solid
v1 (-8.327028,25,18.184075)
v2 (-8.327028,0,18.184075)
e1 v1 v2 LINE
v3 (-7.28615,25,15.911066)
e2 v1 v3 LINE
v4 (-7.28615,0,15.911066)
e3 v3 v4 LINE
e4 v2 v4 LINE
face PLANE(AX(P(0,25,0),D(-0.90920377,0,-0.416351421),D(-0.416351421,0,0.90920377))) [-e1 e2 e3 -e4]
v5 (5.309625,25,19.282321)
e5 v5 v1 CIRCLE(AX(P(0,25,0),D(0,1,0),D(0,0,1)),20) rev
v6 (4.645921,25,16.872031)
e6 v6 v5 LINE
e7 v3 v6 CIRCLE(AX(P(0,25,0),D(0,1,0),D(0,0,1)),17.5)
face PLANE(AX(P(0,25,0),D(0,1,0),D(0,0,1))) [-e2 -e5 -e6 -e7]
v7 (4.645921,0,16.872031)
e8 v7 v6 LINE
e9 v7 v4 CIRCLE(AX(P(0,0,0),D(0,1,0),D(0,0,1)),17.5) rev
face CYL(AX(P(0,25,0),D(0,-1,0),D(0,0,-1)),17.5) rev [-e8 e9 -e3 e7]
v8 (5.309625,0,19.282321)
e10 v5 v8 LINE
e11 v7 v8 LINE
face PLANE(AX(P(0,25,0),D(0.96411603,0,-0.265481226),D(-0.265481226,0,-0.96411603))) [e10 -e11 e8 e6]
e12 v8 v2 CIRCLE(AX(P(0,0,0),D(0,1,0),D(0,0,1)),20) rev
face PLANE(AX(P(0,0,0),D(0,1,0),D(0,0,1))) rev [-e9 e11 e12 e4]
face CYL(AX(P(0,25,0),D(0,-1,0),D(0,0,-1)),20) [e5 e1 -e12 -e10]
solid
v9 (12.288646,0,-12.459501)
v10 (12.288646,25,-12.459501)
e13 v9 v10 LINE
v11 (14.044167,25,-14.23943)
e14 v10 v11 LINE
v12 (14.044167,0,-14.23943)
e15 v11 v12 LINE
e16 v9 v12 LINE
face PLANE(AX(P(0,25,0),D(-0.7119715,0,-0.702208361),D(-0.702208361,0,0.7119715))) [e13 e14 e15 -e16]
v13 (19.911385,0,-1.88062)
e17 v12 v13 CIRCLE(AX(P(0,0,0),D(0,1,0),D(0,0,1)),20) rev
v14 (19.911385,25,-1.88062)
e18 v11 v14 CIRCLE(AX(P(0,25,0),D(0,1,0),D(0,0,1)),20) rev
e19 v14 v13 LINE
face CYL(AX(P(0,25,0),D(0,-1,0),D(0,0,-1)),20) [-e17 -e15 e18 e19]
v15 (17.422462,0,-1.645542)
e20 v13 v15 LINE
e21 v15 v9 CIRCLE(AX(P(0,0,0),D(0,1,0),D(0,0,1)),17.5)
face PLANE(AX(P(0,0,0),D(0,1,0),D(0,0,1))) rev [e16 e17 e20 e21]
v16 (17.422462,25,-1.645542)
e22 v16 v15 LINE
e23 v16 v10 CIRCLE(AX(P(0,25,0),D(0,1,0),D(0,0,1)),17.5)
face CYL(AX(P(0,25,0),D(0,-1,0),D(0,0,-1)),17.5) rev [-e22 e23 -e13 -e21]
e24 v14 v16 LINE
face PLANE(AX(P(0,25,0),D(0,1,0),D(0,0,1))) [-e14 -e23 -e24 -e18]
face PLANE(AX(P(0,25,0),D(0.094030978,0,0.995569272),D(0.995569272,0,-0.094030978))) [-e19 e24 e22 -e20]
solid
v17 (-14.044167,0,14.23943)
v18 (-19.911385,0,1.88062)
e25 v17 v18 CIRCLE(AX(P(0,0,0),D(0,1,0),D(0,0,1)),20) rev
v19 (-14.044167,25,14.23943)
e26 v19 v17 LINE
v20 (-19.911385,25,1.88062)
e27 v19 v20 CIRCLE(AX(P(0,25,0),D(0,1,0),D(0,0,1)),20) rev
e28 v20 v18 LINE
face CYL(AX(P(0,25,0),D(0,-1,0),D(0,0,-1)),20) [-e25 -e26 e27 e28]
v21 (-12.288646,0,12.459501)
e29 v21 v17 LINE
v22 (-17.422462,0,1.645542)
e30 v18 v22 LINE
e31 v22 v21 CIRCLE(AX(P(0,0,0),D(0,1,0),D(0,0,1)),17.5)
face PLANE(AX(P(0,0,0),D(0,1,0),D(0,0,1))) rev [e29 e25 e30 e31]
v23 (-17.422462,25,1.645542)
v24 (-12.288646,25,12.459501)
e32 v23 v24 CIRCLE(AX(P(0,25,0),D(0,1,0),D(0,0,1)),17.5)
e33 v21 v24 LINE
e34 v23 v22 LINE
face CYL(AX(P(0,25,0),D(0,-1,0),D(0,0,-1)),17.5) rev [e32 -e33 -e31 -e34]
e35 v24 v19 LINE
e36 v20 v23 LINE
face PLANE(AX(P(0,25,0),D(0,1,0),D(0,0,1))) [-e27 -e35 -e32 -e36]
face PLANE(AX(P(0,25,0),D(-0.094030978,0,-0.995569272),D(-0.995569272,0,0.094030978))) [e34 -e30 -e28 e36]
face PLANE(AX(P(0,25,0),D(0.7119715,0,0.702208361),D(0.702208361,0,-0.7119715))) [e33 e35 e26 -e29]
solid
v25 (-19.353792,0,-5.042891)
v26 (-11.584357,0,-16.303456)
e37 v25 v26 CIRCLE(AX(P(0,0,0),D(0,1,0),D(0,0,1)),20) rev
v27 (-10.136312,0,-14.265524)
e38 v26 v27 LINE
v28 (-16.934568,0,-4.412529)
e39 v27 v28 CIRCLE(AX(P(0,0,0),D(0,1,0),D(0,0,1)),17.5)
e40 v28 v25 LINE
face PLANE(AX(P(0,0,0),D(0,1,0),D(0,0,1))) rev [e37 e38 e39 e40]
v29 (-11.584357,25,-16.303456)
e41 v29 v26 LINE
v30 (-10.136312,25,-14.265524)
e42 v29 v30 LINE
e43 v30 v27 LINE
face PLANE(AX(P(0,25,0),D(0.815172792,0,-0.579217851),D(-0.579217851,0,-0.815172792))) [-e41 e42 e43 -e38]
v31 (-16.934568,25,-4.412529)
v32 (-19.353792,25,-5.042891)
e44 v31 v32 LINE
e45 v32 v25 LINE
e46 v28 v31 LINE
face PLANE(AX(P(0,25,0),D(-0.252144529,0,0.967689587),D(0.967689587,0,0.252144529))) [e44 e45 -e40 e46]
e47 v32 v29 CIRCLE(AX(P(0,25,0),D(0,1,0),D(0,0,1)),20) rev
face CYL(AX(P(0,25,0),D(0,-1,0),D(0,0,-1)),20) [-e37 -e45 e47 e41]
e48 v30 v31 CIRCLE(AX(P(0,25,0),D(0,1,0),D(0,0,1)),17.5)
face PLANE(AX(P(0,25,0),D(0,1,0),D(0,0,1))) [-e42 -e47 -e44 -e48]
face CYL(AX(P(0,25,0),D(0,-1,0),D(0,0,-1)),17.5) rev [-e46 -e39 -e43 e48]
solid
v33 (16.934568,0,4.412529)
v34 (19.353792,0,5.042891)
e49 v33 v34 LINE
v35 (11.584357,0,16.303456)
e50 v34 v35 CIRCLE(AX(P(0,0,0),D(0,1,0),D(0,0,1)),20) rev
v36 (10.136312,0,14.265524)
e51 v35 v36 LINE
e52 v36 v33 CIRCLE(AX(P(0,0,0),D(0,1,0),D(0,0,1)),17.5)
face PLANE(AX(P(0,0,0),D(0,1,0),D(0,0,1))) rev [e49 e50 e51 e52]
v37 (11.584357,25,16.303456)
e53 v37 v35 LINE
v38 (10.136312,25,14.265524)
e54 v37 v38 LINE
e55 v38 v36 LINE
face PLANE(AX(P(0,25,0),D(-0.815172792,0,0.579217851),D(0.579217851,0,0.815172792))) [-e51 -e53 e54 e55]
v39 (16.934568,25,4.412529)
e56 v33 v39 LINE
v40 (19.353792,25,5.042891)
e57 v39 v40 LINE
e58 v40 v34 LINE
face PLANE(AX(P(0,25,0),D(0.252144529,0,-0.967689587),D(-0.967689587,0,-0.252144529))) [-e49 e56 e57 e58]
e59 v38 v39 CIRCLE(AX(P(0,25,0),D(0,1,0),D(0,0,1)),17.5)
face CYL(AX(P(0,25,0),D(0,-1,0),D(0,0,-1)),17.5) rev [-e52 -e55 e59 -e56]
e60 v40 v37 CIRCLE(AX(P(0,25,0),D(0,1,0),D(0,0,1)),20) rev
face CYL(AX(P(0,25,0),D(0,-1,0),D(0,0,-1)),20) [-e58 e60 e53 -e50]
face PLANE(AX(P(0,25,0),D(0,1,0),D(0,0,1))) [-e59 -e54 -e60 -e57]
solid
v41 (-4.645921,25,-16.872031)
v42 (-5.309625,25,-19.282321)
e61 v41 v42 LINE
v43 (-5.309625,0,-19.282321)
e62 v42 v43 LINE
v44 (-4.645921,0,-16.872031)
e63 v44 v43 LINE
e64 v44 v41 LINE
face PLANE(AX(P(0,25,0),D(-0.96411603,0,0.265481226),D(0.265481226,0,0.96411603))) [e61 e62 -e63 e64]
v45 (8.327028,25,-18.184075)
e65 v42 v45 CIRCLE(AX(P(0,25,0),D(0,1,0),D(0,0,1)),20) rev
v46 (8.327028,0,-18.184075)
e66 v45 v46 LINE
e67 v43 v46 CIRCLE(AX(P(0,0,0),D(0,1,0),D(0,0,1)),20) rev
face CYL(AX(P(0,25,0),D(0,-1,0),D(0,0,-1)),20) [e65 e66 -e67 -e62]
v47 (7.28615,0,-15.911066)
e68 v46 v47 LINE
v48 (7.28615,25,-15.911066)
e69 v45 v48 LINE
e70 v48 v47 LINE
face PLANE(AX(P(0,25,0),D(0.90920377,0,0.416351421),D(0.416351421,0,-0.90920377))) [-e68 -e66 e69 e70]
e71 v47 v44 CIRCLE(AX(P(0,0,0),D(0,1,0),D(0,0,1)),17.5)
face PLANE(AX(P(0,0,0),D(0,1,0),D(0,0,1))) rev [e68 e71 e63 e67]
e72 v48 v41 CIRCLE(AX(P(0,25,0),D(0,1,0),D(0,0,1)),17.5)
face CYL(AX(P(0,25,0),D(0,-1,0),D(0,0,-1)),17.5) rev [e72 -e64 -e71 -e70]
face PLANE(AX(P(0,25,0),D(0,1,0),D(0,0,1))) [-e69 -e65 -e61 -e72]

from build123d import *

# Parameters (mm, degrees)
BOSS_EXTRUDE2_DEPTH   = 25
BOSS_EXTRUDE2_2_DEPTH = 25
BOSS_EXTRUDE2_3_DEPTH = 25
BOSS_EXTRUDE2_4_DEPTH = 25
BOSS_EXTRUDE2_5_DEPTH = 25
BOSS_EXTRUDE2_6_DEPTH = 25
SKETCH7_R             = 17.5
CUT_EXTRUDE1_DEPTH    = 25


with BuildPart() as part:
    # Sketch6 → Boss-Extrude2 (new body)
    with BuildSketch(Plane(origin=(0, 0, 0), x_dir=(1, 0, 0), z_dir=(0, 1, 0))):
        with BuildLine():
            ThreePointArc((-19.353791735, 5.042890586), (-16.461845117, 11.358153694), (-11.584357027, 16.303455839))
            Line((-11.584357027, 16.303455839), (0, 0))
            Line((0, 0), (-19.353791735, 5.042890586))
        make_face()
    extrude(amount=BOSS_EXTRUDE2_DEPTH)


with BuildPart() as body_2:
    # Sketch6 → Boss-Extrude2 2 (new body)
    with BuildSketch(Plane(origin=(0, 0, 0), x_dir=(1, 0, 0), z_dir=(0, 1, 0))):
        with BuildLine():
            ThreePointArc((-14.044167224, -14.239430009), (-18.067372198, -8.577299217), (-19.911385439, -1.880619552))
            Line((-19.911385439, -1.880619552), (0, 0))
            Line((0, 0), (-14.044167224, -14.239430009))
        make_face()
    extrude(amount=BOSS_EXTRUDE2_2_DEPTH)


with BuildPart() as body_3:
    # Sketch6 → Boss-Extrude2 3 (new body)
    with BuildSketch(Plane(origin=(0, 0, 0), x_dir=(1, 0, 0), z_dir=(0, 1, 0))):
        with BuildLine():
            ThreePointArc((5.309624512, -19.282320595), (-1.605527081, -19.935452912), (-8.327028412, -18.184075391))
            Line((-8.327028412, -18.184075391), (0, 0))
            Line((0, 0), (5.309624512, -19.282320595))
        make_face()
    extrude(amount=BOSS_EXTRUDE2_3_DEPTH)


with BuildPart() as body_4:
    # Sketch6 → Boss-Extrude2 4 (new body)
    with BuildSketch(Plane(origin=(0, 0, 0), x_dir=(1, 0, 0), z_dir=(0, 1, 0))):
        with BuildLine():
            ThreePointArc((19.353791735, -5.042890586), (16.461845117, -11.358153694), (11.584357027, -16.303455839))
            Line((11.584357027, -16.303455839), (0, 0))
            Line((0, 0), (19.353791735, -5.042890586))
        make_face()
    extrude(amount=BOSS_EXTRUDE2_4_DEPTH)


with BuildPart() as body_5:
    # Sketch6 → Boss-Extrude2 5 (new body)
    with BuildSketch(Plane(origin=(0, 0, 0), x_dir=(1, 0, 0), z_dir=(0, 1, 0))):
        with BuildLine():
            ThreePointArc((14.044167224, 14.239430009), (18.067372198, 8.577299217), (19.911385439, 1.880619552))
            Line((19.911385439, 1.880619552), (0, 0))
            Line((0, 0), (14.044167224, 14.239430009))
        make_face()
    extrude(amount=BOSS_EXTRUDE2_5_DEPTH)


with BuildPart() as body_6:
    # Sketch6 → Boss-Extrude2 6 (new body)
    with BuildSketch(Plane(origin=(0, 0, 0), x_dir=(1, 0, 0), z_dir=(0, 1, 0))):
        with BuildLine():
            ThreePointArc((-5.309624512, 19.282320595), (1.605527081, 19.935452912), (8.327028412, 18.184075391))
            Line((8.327028412, 18.184075391), (0, 0))
            Line((0, 0), (-5.309624512, 19.282320595))
        make_face()
    extrude(amount=BOSS_EXTRUDE2_6_DEPTH)


with BuildPart() as cut_extrude1_tool:
    # Sketch7 → Cut-Extrude1 (new body)
    with BuildSketch(Plane(origin=(0, 0, 0), x_dir=(1, 0, 0), z_dir=(0, 1, 0))):
        Circle(SKETCH7_R)
    extrude(amount=CUT_EXTRUDE1_DEPTH)


with BuildPart() as part_1:
    add(part.part)

    # Cut-Extrude1: cut by cut_extrude1_tool
    add(cut_extrude1_tool.part, mode=Mode.SUBTRACT)


with BuildPart() as body_2_1:
    add(body_2.part)

    # Cut-Extrude1: cut by cut_extrude1_tool
    add(cut_extrude1_tool.part, mode=Mode.SUBTRACT)


with BuildPart() as body_3_1:
    add(body_3.part)

    # Cut-Extrude1: cut by cut_extrude1_tool
    add(cut_extrude1_tool.part, mode=Mode.SUBTRACT)


with BuildPart() as body_4_1:
    add(body_4.part)

    # Cut-Extrude1: cut by cut_extrude1_tool
    add(cut_extrude1_tool.part, mode=Mode.SUBTRACT)


with BuildPart() as body_5_1:
    add(body_5.part)

    # Cut-Extrude1: cut by cut_extrude1_tool
    add(cut_extrude1_tool.part, mode=Mode.SUBTRACT)


with BuildPart() as body_6_1:
    add(body_6.part)

    # Cut-Extrude1: cut by cut_extrude1_tool
    add(cut_extrude1_tool.part, mode=Mode.SUBTRACT)


solid = Compound([part_1.part, body_2_1.part, body_3_1.part, body_4_1.part, body_5_1.part, body_6_1.part])
